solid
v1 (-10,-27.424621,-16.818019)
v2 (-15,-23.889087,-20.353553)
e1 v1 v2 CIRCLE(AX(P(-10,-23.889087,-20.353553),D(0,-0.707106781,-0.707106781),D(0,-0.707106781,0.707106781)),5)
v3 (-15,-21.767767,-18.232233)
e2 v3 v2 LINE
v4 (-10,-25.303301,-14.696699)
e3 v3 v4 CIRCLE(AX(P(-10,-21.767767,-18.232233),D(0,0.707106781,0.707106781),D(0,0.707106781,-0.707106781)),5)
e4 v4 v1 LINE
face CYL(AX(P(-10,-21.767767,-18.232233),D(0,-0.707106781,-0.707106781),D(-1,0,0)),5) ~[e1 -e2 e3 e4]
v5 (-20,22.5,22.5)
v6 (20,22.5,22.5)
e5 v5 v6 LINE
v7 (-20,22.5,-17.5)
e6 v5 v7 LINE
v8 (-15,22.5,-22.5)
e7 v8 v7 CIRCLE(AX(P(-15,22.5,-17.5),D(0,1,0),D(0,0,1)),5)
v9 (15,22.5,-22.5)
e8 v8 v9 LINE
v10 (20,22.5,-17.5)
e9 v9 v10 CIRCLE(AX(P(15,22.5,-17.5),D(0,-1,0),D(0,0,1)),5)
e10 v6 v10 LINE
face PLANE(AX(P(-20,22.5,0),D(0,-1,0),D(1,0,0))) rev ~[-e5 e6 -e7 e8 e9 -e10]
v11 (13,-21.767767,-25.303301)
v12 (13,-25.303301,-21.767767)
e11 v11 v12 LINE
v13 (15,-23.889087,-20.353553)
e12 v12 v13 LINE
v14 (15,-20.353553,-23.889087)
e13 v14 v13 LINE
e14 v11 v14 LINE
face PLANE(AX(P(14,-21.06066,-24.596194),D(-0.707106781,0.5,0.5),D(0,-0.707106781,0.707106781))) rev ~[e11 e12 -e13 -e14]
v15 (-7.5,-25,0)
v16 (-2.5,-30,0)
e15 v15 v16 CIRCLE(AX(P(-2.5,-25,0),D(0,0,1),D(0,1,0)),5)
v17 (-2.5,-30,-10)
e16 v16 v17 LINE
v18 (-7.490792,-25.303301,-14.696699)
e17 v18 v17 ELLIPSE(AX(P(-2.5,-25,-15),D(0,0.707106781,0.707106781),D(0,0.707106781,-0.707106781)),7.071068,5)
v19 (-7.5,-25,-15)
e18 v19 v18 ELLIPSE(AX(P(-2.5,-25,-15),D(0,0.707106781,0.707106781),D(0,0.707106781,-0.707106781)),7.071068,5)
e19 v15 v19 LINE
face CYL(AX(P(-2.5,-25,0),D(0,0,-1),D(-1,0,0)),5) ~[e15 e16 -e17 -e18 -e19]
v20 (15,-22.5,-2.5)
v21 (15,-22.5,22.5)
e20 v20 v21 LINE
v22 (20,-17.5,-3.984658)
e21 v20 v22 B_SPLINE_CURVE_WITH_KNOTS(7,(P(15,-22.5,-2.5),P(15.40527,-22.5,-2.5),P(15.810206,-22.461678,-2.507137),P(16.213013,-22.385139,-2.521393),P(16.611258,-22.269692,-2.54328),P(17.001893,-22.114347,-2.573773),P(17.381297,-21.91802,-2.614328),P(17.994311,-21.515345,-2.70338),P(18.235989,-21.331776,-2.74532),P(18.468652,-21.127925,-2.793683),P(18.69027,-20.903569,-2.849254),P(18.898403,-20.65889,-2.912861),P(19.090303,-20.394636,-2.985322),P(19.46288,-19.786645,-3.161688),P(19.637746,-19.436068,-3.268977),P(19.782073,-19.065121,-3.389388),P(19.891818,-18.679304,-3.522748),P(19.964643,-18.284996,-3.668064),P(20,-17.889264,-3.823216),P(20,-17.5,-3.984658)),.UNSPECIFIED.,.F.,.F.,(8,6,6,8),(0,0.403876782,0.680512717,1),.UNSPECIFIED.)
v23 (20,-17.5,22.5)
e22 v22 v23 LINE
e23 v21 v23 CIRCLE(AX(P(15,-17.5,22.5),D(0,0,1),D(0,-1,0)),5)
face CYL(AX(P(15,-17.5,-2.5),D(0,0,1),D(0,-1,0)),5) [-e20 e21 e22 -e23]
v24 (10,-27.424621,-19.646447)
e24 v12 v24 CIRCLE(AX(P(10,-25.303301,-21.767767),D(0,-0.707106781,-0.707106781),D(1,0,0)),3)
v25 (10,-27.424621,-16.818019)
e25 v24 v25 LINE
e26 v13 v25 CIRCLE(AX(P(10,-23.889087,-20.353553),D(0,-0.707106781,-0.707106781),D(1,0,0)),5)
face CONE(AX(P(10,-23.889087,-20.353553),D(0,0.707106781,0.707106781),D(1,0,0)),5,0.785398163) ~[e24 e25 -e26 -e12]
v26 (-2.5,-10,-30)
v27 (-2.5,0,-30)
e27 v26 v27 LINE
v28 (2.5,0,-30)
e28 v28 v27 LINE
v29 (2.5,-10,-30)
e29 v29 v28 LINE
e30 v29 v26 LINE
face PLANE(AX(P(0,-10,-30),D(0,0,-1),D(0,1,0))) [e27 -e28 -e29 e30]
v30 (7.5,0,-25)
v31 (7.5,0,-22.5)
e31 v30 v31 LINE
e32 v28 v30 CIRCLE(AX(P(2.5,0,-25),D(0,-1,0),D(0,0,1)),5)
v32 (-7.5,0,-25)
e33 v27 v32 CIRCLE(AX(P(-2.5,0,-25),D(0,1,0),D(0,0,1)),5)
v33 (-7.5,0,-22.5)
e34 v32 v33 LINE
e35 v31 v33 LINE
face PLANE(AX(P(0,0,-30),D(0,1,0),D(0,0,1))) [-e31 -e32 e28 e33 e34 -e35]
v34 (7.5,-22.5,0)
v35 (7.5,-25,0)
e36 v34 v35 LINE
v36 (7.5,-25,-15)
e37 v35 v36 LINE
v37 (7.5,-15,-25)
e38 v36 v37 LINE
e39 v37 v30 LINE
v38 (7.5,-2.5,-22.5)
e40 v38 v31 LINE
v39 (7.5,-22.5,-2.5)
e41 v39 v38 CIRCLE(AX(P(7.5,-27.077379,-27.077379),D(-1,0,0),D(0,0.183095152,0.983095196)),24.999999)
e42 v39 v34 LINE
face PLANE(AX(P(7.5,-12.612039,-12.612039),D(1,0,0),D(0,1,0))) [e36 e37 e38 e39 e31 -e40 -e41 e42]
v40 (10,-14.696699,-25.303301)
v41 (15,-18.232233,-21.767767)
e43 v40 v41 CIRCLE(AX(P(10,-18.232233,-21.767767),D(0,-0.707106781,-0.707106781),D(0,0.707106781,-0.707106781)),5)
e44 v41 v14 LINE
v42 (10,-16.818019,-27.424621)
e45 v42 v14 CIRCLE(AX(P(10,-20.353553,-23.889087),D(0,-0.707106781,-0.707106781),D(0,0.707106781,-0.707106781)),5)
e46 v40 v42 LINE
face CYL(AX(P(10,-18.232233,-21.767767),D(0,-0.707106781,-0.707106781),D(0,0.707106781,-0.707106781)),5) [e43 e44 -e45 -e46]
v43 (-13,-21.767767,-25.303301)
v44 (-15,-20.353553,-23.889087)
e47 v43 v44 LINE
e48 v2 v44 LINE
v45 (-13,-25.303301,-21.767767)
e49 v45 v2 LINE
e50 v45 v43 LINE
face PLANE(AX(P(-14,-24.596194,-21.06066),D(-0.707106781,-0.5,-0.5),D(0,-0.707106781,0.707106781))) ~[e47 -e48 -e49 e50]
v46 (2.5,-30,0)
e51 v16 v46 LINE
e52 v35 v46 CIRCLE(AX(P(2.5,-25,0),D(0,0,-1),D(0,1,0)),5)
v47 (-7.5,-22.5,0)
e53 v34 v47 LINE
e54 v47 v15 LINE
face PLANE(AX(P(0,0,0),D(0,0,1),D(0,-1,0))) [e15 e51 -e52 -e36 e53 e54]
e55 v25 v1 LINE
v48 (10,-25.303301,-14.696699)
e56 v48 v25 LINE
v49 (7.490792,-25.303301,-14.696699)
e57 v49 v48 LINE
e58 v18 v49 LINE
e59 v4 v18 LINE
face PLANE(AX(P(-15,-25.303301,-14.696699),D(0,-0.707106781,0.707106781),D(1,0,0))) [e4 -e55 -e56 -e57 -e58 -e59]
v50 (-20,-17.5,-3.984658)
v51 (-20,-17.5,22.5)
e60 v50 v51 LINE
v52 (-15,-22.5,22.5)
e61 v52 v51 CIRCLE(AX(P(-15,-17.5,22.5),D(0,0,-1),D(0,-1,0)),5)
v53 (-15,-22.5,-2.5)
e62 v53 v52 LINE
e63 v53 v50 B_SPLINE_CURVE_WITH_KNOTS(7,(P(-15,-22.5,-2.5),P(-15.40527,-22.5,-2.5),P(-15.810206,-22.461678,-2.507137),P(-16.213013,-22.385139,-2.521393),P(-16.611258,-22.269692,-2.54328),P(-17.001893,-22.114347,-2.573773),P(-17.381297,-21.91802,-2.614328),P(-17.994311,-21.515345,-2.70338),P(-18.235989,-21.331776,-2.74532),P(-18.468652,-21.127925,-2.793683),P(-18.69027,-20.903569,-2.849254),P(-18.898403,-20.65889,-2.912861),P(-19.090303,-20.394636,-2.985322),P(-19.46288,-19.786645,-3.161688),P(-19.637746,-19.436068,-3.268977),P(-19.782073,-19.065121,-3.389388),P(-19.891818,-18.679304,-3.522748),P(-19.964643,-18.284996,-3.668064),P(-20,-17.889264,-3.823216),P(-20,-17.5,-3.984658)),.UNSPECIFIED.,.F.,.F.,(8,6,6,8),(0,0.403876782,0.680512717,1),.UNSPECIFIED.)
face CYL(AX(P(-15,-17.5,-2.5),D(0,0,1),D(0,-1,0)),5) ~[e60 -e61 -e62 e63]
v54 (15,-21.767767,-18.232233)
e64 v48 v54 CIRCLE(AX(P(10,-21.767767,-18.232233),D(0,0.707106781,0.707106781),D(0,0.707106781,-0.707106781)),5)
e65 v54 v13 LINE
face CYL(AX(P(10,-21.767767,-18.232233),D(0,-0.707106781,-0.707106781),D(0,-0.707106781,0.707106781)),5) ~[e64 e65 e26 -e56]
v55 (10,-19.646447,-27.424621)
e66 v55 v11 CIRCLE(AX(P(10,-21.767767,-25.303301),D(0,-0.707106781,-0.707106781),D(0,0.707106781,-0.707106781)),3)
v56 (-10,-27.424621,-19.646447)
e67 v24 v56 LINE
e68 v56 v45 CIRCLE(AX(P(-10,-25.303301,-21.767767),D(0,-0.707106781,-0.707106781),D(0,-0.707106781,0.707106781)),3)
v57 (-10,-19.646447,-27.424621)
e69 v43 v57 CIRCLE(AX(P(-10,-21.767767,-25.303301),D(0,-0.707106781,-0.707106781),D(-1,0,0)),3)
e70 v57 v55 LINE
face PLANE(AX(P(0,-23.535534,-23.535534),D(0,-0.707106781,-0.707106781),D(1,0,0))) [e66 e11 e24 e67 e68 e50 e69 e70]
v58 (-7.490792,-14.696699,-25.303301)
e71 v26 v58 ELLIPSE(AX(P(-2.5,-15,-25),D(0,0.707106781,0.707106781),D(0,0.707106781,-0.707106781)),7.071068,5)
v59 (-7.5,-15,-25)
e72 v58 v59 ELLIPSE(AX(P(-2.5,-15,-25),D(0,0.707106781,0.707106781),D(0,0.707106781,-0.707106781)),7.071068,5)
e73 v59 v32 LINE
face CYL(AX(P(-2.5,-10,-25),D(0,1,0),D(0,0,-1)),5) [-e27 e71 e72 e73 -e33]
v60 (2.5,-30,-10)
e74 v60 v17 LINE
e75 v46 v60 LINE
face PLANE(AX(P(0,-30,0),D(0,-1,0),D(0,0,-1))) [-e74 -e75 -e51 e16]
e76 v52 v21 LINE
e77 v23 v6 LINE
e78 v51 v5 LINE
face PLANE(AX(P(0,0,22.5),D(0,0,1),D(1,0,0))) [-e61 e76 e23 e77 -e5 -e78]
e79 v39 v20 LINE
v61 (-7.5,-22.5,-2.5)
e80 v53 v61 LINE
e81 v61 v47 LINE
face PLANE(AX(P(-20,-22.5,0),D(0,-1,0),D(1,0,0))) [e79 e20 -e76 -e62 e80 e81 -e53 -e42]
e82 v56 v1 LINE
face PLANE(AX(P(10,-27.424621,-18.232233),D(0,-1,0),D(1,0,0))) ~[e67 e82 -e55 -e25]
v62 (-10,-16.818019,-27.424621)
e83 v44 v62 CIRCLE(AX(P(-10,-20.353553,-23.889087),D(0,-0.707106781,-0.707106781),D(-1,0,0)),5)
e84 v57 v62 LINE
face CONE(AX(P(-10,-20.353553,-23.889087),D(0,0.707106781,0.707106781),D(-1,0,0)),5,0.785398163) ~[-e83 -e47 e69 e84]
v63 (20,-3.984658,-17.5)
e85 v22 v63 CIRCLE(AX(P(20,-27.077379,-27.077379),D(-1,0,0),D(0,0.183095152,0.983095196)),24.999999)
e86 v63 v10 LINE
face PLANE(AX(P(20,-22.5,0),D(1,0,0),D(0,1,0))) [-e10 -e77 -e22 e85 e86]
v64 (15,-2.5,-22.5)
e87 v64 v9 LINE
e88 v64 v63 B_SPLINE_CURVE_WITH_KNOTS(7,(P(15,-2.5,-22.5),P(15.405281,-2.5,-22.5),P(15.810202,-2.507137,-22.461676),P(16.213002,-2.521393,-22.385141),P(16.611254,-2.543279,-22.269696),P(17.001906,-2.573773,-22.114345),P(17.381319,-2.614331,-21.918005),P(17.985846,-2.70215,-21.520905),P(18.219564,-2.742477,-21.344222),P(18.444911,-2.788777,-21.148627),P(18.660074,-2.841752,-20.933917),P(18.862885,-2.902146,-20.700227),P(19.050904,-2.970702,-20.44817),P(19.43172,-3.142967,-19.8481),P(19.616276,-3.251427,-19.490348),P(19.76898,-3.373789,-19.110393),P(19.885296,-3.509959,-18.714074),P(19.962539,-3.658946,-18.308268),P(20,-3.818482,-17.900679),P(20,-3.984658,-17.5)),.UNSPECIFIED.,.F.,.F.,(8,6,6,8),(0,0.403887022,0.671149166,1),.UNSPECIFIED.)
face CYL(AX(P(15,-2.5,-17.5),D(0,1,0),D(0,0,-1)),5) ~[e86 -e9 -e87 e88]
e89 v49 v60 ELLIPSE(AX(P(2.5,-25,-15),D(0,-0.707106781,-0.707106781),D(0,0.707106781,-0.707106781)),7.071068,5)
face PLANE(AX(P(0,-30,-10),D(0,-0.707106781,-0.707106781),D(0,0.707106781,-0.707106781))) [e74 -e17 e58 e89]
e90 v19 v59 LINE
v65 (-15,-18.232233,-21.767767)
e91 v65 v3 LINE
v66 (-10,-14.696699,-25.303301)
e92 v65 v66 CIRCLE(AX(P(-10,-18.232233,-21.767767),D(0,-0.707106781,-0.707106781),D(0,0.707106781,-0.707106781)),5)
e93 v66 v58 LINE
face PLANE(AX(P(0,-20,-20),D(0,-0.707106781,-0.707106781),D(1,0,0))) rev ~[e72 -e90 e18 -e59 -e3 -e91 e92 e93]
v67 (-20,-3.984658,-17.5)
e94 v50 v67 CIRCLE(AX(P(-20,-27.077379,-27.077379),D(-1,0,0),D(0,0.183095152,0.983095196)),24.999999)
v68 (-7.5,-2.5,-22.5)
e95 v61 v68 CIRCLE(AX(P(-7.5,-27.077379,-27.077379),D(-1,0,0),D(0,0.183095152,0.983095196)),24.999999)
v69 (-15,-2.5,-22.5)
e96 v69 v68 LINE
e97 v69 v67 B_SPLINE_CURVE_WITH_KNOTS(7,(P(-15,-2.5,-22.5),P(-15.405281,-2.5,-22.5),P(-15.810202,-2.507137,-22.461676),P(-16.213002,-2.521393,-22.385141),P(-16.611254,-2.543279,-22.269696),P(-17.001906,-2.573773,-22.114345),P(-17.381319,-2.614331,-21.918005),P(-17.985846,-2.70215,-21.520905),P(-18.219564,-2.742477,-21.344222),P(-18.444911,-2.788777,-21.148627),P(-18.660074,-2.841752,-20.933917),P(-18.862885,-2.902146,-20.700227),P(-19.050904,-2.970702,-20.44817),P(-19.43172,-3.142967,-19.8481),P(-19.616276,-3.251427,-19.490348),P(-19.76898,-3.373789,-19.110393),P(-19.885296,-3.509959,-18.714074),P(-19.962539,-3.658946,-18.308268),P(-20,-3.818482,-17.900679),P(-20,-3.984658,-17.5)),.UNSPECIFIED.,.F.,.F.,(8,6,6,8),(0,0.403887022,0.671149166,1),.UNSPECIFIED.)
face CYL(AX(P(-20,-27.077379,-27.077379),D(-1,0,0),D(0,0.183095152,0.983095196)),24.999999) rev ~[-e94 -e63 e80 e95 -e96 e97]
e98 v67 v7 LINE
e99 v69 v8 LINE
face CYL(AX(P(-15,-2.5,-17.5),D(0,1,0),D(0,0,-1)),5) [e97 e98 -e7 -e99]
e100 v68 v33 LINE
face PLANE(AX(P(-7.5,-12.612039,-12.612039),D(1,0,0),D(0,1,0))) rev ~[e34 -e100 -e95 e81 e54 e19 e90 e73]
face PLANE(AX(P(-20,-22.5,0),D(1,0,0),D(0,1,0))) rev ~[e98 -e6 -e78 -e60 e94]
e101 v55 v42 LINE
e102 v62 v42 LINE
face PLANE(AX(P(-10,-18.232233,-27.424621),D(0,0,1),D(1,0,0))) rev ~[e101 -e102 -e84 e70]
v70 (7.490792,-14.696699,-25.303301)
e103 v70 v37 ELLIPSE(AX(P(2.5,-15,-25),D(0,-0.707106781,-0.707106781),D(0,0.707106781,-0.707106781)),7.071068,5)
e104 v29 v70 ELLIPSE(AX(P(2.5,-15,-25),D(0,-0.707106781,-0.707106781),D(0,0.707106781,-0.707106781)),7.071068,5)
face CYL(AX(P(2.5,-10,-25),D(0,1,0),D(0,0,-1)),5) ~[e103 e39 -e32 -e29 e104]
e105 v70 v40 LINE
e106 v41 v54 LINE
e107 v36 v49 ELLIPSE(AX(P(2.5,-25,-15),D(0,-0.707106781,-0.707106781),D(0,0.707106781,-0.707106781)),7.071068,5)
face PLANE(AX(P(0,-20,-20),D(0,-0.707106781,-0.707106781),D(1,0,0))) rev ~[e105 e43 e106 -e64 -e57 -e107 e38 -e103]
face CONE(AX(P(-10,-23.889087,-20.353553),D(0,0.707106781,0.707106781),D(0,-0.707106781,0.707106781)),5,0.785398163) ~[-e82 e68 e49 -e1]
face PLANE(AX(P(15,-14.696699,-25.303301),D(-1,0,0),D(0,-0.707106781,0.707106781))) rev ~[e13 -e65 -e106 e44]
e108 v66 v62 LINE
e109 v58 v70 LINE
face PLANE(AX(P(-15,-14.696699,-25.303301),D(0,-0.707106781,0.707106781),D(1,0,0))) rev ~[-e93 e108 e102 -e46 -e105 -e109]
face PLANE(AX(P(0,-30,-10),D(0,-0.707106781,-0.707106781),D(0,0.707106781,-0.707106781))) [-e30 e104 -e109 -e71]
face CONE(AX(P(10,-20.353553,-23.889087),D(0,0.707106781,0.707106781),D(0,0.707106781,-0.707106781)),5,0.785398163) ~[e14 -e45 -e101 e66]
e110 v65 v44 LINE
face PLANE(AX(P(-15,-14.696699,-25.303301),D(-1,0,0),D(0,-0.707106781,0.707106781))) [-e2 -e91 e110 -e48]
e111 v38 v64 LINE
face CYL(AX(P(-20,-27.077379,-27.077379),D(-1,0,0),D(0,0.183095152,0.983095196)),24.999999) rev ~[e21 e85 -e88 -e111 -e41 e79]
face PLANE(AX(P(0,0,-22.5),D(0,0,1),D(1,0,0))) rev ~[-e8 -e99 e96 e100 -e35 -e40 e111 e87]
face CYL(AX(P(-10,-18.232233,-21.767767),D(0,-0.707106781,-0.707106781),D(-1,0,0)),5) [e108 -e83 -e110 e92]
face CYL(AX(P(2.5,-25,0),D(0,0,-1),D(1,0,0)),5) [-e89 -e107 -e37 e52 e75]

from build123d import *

# Parameters (mm, degrees)
F0_W     = 40
F0_H     = 45
F1_DEPTH = 22.5
F3_DEPTH = 40.001
F5_DEPTH = 7.5
F6_R     = 5
F7_W     = 30
F7_H     = 15
F8_DEPTH = 5
F9_R     = 5
F10_SIZE = 2


with BuildPart() as f1:
    # F0 (on Top) → F1 (new body, symmetric)
    with BuildSketch(Plane.XY):
        Rectangle(F0_W, F0_H)
    extrude(amount=F1_DEPTH, both=True)

    # F2 (on face) → F3 (cut, through all)
    with BuildSketch(Plane(origin=(-20, 0, 0), x_dir=(0, -1, 0), z_dir=(-1, 0, 0))):
        with BuildLine():
            Line((2.5, -22.5), (22.5, -22.5))
            Line((22.5, -22.5), (22.5, -2.5))
            ThreePointArc((22.5, -2.5), (9.39971, -9.39971), (2.5, -22.5))
        make_face()
    extrude(amount=-F3_DEPTH, mode=Mode.SUBTRACT)

    # F4 (on Right) → F5 (join, symmetric)
    with BuildSketch(Plane.YZ):
        Polygon((0, -30), (0, 0), (-30, 0), (-30, -10), (-10, -30), align=None)
    extrude(amount=F5_DEPTH, both=True)

    # F6
    f6_edges = [f1.edges().sort_by_distance(p)[0] for p in [
        (-20, -22.5, 10),
        (20, -22.5, 10),
        (-20, 10, -22.5),
        (20, 10, -22.5),
        (7.5, -30, -5),
        (-7.5, -30, -5),
        (7.5, -5, -30),
        (-7.5, -5, -30),
    ]]
    fillet(f6_edges, radius=F6_R)

    # F7 (on face) → F8 (join)
    with BuildSketch(Plane(origin=(0, -20, -20), x_dir=(1, 0, 0), z_dir=(0, -0.707107, -0.707107))):
        Rectangle(F7_W, F7_H)
    extrude(amount=F8_DEPTH)

    # F9
    f9_edges = [f1.edges().sort_by_distance(p)[0] for p in [
        (-15, -27.071068, -16.464466),
        (-15, -16.464466, -27.071068),
        (15, -16.464466, -27.071068),
        (15, -27.071068, -16.464466),
    ]]
    fillet(f9_edges, radius=F9_R)

    # F10
    f10_edges = [f1.edges().sort_by_distance(p)[0] for p in [
        (0, -18.232233, -28.838835),
    ]]
    chamfer(f10_edges, length=F10_SIZE)


solid = f1.part
